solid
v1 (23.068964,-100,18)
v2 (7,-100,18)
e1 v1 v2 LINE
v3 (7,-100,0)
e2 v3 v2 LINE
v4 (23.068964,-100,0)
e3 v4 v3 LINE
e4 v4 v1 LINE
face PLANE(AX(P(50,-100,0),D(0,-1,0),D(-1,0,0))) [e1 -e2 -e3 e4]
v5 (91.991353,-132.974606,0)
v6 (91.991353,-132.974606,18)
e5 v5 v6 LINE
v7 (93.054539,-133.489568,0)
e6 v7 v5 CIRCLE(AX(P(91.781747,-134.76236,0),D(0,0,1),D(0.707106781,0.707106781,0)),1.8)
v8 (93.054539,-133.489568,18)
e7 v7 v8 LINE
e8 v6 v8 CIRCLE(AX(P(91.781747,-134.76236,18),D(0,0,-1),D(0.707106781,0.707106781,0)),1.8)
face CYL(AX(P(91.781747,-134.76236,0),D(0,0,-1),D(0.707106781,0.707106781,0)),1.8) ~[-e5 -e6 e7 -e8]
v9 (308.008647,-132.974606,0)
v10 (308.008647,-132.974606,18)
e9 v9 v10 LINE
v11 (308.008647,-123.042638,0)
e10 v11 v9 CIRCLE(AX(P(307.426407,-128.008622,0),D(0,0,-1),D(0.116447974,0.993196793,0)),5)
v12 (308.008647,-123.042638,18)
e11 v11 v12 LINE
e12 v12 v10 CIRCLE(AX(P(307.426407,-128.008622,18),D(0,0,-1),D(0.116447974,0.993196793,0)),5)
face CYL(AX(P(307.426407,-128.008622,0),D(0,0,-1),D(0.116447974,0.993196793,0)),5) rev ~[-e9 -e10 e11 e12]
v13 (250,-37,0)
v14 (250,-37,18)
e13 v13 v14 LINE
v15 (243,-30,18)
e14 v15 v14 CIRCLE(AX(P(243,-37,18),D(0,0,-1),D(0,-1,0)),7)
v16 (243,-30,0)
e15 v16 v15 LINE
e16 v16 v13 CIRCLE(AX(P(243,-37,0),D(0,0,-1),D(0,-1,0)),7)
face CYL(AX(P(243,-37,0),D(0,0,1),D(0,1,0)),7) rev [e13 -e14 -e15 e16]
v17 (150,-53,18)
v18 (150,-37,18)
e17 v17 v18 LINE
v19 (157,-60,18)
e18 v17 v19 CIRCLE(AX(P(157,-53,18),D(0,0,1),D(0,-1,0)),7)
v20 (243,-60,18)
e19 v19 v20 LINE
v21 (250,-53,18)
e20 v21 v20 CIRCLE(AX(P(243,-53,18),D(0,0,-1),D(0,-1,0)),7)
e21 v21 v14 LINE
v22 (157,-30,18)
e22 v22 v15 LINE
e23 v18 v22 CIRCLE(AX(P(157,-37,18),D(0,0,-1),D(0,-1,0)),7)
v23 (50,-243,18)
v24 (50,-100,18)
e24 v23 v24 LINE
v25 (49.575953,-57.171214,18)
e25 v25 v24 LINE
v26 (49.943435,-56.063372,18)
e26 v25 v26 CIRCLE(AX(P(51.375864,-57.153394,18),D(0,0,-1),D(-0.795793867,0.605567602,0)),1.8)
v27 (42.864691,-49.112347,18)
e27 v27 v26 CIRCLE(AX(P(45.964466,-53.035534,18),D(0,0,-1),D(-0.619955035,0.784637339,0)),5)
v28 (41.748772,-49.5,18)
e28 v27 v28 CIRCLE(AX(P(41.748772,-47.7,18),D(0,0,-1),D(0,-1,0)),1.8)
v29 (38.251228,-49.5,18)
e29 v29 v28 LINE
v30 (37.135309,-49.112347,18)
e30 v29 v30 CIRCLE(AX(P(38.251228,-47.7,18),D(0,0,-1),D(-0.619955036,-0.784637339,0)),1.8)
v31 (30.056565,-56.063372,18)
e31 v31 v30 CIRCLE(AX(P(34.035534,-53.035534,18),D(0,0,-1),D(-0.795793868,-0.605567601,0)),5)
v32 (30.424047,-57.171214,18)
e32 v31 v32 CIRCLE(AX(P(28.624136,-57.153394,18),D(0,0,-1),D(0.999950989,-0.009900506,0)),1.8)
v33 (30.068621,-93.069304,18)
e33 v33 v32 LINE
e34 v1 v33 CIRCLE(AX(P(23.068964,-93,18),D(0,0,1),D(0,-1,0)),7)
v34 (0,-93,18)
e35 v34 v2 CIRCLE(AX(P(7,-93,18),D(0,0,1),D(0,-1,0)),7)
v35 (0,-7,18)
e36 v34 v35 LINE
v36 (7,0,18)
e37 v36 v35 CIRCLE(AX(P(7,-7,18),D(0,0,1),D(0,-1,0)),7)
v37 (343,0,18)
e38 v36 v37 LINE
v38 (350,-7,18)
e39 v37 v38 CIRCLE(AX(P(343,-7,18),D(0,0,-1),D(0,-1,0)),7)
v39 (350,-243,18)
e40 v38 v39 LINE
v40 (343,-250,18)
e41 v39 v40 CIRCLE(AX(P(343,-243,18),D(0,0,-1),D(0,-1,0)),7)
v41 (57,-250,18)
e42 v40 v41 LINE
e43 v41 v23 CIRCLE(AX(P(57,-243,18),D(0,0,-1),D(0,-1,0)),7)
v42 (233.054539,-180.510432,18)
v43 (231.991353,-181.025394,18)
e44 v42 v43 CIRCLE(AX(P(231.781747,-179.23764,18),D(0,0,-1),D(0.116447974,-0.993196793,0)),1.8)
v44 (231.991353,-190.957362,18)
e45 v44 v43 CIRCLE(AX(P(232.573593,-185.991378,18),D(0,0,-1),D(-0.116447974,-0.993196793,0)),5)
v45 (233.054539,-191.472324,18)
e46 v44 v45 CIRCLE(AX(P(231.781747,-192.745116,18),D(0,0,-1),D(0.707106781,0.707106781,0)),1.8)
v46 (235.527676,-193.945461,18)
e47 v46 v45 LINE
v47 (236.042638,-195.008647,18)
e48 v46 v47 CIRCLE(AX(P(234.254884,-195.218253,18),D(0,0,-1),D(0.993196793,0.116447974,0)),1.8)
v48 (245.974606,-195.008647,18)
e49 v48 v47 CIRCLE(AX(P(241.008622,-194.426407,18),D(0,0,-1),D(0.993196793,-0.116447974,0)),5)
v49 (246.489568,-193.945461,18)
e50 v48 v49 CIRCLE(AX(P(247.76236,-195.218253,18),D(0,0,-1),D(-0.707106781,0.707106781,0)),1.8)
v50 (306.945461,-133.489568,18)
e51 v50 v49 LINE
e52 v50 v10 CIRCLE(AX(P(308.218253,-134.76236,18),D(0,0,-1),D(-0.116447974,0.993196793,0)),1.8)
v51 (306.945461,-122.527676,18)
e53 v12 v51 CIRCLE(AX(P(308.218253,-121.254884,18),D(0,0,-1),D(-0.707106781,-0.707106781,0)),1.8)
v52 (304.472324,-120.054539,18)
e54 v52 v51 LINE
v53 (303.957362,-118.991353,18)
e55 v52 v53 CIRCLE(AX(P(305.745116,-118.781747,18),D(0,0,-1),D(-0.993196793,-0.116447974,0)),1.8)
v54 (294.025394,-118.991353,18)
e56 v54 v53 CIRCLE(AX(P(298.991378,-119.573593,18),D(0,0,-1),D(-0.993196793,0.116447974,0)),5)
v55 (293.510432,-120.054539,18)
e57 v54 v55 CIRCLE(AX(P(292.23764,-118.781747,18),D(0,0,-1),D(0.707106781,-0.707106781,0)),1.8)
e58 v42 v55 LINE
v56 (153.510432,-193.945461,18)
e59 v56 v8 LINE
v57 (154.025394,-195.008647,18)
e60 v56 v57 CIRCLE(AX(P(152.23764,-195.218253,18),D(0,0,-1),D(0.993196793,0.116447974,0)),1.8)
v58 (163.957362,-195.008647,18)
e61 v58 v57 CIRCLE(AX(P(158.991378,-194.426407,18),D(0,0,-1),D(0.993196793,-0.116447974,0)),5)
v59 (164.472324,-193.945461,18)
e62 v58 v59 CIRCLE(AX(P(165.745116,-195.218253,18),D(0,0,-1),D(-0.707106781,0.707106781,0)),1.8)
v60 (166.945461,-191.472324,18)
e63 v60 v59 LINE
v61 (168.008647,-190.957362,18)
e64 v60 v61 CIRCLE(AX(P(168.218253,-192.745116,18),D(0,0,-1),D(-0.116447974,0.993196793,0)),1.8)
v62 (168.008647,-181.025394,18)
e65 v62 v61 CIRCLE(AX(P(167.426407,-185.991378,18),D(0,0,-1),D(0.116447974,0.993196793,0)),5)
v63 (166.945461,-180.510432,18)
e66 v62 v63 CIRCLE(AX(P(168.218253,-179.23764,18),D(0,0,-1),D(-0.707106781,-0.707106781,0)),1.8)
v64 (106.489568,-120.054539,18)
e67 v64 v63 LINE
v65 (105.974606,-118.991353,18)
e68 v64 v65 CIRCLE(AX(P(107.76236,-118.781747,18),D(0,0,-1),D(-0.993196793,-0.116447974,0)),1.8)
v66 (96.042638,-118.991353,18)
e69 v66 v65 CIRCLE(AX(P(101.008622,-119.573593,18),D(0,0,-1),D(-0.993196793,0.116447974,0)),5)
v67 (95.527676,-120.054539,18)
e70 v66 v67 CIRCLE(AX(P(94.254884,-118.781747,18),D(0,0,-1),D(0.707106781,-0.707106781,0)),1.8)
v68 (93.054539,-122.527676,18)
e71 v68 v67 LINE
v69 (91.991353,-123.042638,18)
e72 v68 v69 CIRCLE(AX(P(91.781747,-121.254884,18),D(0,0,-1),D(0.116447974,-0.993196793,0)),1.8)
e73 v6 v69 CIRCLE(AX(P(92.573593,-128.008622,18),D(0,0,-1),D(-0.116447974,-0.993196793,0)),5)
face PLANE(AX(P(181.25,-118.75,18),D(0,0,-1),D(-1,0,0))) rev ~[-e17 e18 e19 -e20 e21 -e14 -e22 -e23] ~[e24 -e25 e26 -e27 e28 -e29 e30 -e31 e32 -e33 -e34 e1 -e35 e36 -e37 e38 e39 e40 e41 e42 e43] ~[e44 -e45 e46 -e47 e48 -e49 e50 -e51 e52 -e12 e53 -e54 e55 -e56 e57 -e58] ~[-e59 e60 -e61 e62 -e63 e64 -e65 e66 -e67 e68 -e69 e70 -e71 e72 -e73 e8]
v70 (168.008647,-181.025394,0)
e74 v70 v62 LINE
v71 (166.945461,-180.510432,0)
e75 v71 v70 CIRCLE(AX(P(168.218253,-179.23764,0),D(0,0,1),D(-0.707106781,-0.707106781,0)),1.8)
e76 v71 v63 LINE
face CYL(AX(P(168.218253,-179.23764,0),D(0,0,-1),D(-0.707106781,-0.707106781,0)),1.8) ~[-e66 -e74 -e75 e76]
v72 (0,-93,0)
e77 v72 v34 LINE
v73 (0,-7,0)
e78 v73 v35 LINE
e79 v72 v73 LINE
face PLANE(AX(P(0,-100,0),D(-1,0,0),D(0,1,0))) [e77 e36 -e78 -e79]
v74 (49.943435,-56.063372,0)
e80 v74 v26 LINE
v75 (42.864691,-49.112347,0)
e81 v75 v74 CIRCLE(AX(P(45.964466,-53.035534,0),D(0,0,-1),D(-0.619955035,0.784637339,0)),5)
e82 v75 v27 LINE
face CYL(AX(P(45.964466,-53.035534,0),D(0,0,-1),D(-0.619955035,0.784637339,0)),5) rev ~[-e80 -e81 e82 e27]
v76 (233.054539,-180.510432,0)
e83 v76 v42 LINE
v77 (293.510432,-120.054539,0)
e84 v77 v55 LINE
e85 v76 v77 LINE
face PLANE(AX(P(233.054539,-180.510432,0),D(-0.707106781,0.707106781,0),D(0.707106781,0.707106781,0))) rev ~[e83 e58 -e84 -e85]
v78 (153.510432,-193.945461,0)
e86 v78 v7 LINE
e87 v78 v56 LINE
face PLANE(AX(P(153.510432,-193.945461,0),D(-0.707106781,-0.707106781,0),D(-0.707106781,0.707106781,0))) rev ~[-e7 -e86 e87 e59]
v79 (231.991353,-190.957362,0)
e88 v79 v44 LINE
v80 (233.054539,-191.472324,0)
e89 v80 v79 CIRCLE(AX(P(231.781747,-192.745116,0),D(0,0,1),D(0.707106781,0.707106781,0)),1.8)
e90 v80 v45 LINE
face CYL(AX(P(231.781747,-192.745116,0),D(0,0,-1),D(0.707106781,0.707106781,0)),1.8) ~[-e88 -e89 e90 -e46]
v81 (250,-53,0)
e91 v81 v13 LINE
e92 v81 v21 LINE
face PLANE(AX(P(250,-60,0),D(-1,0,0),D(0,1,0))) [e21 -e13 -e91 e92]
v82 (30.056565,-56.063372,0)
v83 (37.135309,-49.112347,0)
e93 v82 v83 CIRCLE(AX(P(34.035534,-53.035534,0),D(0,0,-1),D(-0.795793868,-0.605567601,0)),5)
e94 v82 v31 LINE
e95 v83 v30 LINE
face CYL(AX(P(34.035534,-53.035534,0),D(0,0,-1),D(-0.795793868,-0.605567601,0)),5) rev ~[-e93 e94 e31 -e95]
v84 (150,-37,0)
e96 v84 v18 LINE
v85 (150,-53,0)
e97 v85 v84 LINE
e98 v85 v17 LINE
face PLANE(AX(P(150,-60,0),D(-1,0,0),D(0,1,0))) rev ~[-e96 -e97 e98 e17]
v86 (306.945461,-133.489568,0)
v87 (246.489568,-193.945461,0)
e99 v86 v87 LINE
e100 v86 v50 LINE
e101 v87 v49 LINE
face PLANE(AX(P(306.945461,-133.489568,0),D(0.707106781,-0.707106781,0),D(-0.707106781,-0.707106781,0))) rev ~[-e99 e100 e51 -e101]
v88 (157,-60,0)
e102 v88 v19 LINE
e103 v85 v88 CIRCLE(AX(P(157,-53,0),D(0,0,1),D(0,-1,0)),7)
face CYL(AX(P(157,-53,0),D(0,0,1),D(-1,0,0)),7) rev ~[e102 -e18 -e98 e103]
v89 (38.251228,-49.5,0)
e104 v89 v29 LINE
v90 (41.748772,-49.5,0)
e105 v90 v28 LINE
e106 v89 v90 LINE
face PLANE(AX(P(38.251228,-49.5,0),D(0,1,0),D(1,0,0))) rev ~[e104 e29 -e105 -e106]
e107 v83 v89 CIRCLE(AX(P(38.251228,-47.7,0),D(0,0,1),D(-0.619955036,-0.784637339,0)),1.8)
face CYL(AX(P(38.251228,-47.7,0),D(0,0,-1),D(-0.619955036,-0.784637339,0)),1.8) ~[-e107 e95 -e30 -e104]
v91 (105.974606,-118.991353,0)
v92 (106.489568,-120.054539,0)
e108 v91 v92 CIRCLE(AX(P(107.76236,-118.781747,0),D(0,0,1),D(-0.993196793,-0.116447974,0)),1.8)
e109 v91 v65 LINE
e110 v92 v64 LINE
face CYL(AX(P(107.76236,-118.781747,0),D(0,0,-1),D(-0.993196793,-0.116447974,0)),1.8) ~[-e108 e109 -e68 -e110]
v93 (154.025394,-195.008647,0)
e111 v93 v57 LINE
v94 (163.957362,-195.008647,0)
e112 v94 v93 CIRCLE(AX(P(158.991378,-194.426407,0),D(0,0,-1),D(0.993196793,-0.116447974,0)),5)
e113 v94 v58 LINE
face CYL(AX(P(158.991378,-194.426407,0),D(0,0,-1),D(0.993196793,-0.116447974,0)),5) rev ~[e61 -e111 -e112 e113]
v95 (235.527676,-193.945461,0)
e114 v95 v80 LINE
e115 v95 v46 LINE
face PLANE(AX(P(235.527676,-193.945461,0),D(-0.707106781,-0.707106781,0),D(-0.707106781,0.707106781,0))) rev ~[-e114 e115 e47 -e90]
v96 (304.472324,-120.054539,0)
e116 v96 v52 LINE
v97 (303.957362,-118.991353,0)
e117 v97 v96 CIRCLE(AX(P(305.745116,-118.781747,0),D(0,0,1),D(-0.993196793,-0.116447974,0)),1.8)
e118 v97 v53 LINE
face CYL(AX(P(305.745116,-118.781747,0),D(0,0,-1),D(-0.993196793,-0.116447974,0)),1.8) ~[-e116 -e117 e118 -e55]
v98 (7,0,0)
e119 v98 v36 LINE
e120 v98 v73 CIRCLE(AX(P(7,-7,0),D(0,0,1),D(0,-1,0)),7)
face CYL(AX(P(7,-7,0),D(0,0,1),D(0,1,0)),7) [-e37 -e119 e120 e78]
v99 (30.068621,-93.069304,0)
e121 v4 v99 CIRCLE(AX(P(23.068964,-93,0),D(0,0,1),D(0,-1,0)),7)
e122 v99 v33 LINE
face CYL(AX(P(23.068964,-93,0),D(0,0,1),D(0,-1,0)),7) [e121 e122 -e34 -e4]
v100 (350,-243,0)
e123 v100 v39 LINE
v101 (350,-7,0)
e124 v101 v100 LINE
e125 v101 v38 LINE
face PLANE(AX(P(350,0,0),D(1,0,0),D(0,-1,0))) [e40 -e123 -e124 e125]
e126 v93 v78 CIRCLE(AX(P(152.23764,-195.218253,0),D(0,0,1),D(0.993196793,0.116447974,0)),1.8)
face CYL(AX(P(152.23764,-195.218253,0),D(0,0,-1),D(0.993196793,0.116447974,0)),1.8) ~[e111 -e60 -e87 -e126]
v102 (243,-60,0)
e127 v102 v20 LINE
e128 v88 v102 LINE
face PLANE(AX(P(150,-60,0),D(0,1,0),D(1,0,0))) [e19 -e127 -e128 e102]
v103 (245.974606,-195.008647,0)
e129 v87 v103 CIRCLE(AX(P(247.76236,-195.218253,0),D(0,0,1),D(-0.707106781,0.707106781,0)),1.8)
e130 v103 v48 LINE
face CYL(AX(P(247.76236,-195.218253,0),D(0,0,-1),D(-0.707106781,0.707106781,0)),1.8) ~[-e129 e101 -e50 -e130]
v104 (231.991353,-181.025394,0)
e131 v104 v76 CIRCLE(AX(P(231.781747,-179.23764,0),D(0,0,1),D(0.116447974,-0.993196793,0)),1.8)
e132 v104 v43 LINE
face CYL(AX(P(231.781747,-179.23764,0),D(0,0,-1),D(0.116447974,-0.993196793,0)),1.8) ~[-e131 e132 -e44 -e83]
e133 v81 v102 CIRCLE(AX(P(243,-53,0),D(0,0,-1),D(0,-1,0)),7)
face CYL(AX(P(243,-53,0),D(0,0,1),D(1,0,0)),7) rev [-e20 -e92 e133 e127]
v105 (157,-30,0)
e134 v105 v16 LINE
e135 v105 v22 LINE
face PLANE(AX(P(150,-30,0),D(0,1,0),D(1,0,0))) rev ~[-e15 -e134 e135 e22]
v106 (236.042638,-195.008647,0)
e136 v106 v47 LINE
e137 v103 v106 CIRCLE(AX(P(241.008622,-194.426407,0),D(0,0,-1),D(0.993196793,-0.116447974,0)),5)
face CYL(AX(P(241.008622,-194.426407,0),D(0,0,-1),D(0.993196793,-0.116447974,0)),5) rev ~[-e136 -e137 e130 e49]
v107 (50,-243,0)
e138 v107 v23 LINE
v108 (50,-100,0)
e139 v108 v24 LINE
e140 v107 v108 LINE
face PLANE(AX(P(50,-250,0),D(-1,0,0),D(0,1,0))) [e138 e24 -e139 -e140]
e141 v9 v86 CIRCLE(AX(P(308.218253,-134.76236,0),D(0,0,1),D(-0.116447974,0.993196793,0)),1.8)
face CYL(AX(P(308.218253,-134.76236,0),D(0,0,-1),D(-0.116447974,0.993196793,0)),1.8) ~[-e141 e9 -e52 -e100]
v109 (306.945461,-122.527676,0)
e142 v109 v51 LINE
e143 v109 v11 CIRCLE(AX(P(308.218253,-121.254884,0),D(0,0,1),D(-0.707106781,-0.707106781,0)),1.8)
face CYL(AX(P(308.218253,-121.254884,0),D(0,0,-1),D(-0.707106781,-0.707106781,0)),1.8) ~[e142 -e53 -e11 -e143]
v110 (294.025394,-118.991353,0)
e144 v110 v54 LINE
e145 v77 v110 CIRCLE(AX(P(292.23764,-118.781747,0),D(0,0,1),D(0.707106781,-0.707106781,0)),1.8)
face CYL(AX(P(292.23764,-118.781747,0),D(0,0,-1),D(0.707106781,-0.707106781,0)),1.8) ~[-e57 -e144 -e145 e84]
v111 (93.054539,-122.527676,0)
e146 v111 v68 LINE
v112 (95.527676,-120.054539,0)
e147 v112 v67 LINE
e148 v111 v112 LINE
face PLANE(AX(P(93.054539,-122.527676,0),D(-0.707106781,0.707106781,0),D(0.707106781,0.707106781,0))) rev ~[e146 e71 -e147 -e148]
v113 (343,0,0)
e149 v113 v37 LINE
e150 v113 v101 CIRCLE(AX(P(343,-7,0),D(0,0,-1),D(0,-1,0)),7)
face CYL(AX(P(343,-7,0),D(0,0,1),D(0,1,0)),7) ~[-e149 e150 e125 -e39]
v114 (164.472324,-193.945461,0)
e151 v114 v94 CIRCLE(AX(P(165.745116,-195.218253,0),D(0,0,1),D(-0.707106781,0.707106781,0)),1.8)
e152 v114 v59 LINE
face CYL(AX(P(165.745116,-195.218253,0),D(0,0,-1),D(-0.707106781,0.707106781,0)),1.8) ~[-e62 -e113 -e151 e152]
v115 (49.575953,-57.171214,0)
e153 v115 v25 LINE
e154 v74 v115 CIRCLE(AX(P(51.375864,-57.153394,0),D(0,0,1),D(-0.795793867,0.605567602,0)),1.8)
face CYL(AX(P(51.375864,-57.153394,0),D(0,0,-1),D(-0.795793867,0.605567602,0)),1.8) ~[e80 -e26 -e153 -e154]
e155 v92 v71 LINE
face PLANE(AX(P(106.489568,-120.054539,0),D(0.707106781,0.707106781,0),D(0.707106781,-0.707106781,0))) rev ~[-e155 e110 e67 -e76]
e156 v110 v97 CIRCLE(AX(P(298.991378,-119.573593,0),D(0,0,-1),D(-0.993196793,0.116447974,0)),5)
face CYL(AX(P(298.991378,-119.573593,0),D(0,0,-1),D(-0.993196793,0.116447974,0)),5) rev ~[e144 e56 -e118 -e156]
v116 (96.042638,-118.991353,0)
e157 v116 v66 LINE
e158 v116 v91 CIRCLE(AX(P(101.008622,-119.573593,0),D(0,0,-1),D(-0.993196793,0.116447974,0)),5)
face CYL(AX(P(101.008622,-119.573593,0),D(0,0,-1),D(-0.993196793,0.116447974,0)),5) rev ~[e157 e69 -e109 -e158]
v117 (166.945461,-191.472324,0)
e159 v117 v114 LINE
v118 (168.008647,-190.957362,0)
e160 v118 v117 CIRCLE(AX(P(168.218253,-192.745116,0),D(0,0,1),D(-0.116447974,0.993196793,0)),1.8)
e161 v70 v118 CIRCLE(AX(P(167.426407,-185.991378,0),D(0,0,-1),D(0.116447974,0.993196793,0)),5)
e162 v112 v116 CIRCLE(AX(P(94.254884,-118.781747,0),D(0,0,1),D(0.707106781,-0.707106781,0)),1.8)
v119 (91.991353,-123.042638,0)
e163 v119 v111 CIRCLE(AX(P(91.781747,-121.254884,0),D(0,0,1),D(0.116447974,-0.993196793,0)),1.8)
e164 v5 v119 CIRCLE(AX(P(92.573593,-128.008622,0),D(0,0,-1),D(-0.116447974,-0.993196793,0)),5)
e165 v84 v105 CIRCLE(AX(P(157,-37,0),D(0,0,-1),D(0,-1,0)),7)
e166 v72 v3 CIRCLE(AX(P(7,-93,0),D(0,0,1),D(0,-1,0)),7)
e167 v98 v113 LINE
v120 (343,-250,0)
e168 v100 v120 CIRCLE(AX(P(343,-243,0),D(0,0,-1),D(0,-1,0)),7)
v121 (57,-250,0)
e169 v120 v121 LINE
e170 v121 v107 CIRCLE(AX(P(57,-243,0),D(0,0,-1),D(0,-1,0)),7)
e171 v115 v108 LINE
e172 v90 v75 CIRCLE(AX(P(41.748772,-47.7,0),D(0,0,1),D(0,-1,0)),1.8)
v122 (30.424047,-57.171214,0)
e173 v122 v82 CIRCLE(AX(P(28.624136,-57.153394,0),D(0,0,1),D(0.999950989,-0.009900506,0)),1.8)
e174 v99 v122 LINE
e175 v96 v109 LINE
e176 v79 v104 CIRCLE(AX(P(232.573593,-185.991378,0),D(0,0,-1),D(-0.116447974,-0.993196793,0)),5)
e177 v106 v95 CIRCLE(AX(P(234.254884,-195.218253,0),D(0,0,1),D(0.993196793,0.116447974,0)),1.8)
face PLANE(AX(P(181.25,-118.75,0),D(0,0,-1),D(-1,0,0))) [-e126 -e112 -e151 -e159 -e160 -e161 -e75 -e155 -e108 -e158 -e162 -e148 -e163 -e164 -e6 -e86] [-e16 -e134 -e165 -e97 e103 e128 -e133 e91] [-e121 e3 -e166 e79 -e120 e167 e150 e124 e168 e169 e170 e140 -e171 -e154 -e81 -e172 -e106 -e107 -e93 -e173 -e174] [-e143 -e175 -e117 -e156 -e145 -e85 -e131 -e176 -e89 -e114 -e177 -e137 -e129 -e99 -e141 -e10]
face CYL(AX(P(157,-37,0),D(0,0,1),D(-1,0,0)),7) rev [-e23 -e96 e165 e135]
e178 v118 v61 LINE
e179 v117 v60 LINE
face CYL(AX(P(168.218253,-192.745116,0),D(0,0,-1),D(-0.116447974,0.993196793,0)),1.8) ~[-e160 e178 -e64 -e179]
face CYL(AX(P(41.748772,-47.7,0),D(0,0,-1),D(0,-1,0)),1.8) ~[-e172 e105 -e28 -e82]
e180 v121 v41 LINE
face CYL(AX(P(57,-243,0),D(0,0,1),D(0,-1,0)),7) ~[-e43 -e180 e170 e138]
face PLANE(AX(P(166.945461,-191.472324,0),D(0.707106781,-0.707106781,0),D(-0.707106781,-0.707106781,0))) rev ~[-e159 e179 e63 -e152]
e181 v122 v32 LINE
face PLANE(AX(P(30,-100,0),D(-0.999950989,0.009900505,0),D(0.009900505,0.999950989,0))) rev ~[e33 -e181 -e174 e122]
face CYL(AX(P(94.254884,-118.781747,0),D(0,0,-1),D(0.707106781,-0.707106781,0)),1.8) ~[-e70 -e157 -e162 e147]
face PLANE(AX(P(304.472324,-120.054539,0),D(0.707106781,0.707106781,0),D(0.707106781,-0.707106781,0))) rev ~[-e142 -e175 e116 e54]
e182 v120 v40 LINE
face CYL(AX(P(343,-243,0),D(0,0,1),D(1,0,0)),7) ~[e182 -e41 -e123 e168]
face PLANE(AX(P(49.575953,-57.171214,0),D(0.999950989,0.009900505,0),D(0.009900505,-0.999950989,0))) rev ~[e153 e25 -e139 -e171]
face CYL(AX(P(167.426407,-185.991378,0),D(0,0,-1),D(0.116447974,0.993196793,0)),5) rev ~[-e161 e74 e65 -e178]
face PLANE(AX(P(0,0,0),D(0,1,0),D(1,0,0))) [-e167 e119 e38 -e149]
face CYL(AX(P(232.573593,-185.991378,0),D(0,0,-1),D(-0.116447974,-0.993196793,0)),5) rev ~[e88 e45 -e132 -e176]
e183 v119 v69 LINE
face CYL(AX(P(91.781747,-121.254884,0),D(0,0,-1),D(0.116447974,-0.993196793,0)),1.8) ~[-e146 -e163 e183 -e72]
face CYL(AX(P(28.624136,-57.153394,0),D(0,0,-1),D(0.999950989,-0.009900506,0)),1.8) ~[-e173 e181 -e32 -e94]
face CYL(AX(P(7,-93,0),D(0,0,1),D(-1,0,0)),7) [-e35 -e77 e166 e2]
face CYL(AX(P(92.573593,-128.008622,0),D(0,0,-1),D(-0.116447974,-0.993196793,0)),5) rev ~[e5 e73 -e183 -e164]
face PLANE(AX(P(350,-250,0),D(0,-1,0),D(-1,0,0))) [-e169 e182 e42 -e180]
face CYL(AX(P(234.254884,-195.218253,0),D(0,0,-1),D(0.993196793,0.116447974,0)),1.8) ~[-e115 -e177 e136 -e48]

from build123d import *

# Parameters (mm, degrees)
BOSS_EXTRU_2_DEPTH      = 18
ESQUISSE1_W             = 100
ESQUISSE1_H             = 30
ENL_V_MAT_EXTRU_1_DEPTH = 19
CONG_1_R                = 7


with BuildPart() as part:
    # Esquisse2 → Boss.-Extru.2 (new body)
    with BuildSketch(Plane.XY):
        Polygon((0, 0), (350, 0), (350, -250), (50, -250), (50, -100), (0, -100), align=None)
    extrude(amount=BOSS_EXTRU_2_DEPTH)

    # Esquisse1 → Enlèv. mat.-Extru.1 (cut, through all)
    with BuildSketch(Plane.XY):
        with BuildLine():
            Line((106.489567957, -120.054539114), (166.945460886, -180.510432043))
            ThreePointArc((166.945460886, -180.510432043), (167.433604863, -180.857617354), (168.008646739, -181.025394064))
            ThreePointArc((168.008646739, -181.025394064), (172.426406871, -185.991378029), (168.008646739, -190.957361993))
            ThreePointArc((168.008646739, -190.957361993), (167.433604863, -191.125138703), (166.945460886, -191.472324014))
            Line((166.945460886, -191.472324014), (164.472324014, -193.945460886))
            ThreePointArc((164.472324014, -193.945460886), (164.125138703, -194.433604863), (163.957361993, -195.008646739))
            ThreePointArc((163.957361993, -195.008646739), (158.991378029, -199.426406871), (154.025394064, -195.008646739))
            ThreePointArc((154.025394064, -195.008646739), (153.857617354, -194.433604863), (153.510432043, -193.945460886))
            Line((153.510432043, -193.945460886), (93.054539114, -133.489567957))
            ThreePointArc((93.054539114, -133.489567957), (92.566395137, -133.142382646), (91.991353261, -132.974605936))
            ThreePointArc((91.991353261, -132.974605936), (87.573593129, -128.008621971), (91.991353261, -123.042638007))
            ThreePointArc((91.991353261, -123.042638007), (92.566395137, -122.874861297), (93.054539114, -122.527675986))
            Line((93.054539114, -122.527675986), (95.527675986, -120.054539114))
            ThreePointArc((95.527675986, -120.054539114), (95.874861297, -119.566395137), (96.042638007, -118.991353261))
            ThreePointArc((96.042638007, -118.991353261), (101.008621971, -114.573593129), (105.974605936, -118.991353261))
            ThreePointArc((105.974605936, -118.991353261), (106.142382646, -119.566395137), (106.489567957, -120.054539114))
        make_face()
        with BuildLine():
            Line((50, -100), (30, -100))
            Line((30, -100), (30.424047381, -57.1712145))
            ThreePointArc((30.424047381, -57.1712145), (30.332595572, -56.586679793), (30.056564564, -56.06337191))
            ThreePointArc((30.056564564, -56.06337191), (30.532330845, -49.467962139), (37.135309084, -49.11234721))
            ThreePointArc((37.135309084, -49.11234721), (37.660561143, -49.400327171), (38.251228148, -49.5))
            Line((38.251228148, -49.5), (41.748771852, -49.5))
            ThreePointArc((41.748771852, -49.5), (42.339438857, -49.400327171), (42.864690916, -49.11234721))
            ThreePointArc((42.864690916, -49.11234721), (49.467669155, -49.467962139), (49.943435436, -56.06337191))
            ThreePointArc((49.943435436, -56.06337191), (49.667404428, -56.586679793), (49.575952619, -57.1712145))
            Line((49.575952619, -57.1712145), (50, -100))
        make_face()
        with Locations((200, -45)):
            Rectangle(ESQUISSE1_W, ESQUISSE1_H)
        with BuildLine():
            Line((304.472324014, -120.054539114), (306.945460886, -122.527675986))
            ThreePointArc((306.945460886, -122.527675986), (307.433604863, -122.874861297), (308.008646739, -123.042638007))
            ThreePointArc((308.008646739, -123.042638007), (312.426406871, -128.008621971), (308.008646739, -132.974605936))
            ThreePointArc((308.008646739, -132.974605936), (307.433604863, -133.142382646), (306.945460886, -133.489567957))
            Line((306.945460886, -133.489567957), (246.489567957, -193.945460886))
            ThreePointArc((246.489567957, -193.945460886), (246.142382646, -194.433604863), (245.974605936, -195.008646739))
            ThreePointArc((245.974605936, -195.008646739), (241.008621971, -199.426406871), (236.042638007, -195.008646739))
            ThreePointArc((236.042638007, -195.008646739), (235.874861297, -194.433604863), (235.527675986, -193.945460886))
            Line((235.527675986, -193.945460886), (233.054539114, -191.472324014))
            ThreePointArc((233.054539114, -191.472324014), (232.566395137, -191.125138703), (231.991353261, -190.957361993))
            ThreePointArc((231.991353261, -190.957361993), (227.573593129, -185.991378029), (231.991353261, -181.025394064))
            ThreePointArc((231.991353261, -181.025394064), (232.566395137, -180.857617354), (233.054539114, -180.510432043))
            Line((233.054539114, -180.510432043), (293.510432043, -120.054539114))
            ThreePointArc((293.510432043, -120.054539114), (293.857617354, -119.566395137), (294.025394064, -118.991353261))
            ThreePointArc((294.025394064, -118.991353261), (298.991378029, -114.573593129), (303.957361993, -118.991353261))
            ThreePointArc((303.957361993, -118.991353261), (304.125138703, -119.566395137), (304.472324014, -120.054539114))
        make_face()
    extrude(amount=ENL_V_MAT_EXTRU_1_DEPTH, mode=Mode.SUBTRACT)

    # Congé1
    cong_1_edges = [part.edges().sort_by_distance(p)[0] for p in [
        (0, 0, 9),
        (350, 0, 9),
        (350, -250, 9),
        (50, -250, 9),
        (0, -100, 9),
        (150, -30, 9),
        (150, -60, 9),
        (250, -60, 9),
        (250, -30, 9),
        (30, -100, 9),
    ]]
    fillet(cong_1_edges, radius=CONG_1_R)


solid = part.part
